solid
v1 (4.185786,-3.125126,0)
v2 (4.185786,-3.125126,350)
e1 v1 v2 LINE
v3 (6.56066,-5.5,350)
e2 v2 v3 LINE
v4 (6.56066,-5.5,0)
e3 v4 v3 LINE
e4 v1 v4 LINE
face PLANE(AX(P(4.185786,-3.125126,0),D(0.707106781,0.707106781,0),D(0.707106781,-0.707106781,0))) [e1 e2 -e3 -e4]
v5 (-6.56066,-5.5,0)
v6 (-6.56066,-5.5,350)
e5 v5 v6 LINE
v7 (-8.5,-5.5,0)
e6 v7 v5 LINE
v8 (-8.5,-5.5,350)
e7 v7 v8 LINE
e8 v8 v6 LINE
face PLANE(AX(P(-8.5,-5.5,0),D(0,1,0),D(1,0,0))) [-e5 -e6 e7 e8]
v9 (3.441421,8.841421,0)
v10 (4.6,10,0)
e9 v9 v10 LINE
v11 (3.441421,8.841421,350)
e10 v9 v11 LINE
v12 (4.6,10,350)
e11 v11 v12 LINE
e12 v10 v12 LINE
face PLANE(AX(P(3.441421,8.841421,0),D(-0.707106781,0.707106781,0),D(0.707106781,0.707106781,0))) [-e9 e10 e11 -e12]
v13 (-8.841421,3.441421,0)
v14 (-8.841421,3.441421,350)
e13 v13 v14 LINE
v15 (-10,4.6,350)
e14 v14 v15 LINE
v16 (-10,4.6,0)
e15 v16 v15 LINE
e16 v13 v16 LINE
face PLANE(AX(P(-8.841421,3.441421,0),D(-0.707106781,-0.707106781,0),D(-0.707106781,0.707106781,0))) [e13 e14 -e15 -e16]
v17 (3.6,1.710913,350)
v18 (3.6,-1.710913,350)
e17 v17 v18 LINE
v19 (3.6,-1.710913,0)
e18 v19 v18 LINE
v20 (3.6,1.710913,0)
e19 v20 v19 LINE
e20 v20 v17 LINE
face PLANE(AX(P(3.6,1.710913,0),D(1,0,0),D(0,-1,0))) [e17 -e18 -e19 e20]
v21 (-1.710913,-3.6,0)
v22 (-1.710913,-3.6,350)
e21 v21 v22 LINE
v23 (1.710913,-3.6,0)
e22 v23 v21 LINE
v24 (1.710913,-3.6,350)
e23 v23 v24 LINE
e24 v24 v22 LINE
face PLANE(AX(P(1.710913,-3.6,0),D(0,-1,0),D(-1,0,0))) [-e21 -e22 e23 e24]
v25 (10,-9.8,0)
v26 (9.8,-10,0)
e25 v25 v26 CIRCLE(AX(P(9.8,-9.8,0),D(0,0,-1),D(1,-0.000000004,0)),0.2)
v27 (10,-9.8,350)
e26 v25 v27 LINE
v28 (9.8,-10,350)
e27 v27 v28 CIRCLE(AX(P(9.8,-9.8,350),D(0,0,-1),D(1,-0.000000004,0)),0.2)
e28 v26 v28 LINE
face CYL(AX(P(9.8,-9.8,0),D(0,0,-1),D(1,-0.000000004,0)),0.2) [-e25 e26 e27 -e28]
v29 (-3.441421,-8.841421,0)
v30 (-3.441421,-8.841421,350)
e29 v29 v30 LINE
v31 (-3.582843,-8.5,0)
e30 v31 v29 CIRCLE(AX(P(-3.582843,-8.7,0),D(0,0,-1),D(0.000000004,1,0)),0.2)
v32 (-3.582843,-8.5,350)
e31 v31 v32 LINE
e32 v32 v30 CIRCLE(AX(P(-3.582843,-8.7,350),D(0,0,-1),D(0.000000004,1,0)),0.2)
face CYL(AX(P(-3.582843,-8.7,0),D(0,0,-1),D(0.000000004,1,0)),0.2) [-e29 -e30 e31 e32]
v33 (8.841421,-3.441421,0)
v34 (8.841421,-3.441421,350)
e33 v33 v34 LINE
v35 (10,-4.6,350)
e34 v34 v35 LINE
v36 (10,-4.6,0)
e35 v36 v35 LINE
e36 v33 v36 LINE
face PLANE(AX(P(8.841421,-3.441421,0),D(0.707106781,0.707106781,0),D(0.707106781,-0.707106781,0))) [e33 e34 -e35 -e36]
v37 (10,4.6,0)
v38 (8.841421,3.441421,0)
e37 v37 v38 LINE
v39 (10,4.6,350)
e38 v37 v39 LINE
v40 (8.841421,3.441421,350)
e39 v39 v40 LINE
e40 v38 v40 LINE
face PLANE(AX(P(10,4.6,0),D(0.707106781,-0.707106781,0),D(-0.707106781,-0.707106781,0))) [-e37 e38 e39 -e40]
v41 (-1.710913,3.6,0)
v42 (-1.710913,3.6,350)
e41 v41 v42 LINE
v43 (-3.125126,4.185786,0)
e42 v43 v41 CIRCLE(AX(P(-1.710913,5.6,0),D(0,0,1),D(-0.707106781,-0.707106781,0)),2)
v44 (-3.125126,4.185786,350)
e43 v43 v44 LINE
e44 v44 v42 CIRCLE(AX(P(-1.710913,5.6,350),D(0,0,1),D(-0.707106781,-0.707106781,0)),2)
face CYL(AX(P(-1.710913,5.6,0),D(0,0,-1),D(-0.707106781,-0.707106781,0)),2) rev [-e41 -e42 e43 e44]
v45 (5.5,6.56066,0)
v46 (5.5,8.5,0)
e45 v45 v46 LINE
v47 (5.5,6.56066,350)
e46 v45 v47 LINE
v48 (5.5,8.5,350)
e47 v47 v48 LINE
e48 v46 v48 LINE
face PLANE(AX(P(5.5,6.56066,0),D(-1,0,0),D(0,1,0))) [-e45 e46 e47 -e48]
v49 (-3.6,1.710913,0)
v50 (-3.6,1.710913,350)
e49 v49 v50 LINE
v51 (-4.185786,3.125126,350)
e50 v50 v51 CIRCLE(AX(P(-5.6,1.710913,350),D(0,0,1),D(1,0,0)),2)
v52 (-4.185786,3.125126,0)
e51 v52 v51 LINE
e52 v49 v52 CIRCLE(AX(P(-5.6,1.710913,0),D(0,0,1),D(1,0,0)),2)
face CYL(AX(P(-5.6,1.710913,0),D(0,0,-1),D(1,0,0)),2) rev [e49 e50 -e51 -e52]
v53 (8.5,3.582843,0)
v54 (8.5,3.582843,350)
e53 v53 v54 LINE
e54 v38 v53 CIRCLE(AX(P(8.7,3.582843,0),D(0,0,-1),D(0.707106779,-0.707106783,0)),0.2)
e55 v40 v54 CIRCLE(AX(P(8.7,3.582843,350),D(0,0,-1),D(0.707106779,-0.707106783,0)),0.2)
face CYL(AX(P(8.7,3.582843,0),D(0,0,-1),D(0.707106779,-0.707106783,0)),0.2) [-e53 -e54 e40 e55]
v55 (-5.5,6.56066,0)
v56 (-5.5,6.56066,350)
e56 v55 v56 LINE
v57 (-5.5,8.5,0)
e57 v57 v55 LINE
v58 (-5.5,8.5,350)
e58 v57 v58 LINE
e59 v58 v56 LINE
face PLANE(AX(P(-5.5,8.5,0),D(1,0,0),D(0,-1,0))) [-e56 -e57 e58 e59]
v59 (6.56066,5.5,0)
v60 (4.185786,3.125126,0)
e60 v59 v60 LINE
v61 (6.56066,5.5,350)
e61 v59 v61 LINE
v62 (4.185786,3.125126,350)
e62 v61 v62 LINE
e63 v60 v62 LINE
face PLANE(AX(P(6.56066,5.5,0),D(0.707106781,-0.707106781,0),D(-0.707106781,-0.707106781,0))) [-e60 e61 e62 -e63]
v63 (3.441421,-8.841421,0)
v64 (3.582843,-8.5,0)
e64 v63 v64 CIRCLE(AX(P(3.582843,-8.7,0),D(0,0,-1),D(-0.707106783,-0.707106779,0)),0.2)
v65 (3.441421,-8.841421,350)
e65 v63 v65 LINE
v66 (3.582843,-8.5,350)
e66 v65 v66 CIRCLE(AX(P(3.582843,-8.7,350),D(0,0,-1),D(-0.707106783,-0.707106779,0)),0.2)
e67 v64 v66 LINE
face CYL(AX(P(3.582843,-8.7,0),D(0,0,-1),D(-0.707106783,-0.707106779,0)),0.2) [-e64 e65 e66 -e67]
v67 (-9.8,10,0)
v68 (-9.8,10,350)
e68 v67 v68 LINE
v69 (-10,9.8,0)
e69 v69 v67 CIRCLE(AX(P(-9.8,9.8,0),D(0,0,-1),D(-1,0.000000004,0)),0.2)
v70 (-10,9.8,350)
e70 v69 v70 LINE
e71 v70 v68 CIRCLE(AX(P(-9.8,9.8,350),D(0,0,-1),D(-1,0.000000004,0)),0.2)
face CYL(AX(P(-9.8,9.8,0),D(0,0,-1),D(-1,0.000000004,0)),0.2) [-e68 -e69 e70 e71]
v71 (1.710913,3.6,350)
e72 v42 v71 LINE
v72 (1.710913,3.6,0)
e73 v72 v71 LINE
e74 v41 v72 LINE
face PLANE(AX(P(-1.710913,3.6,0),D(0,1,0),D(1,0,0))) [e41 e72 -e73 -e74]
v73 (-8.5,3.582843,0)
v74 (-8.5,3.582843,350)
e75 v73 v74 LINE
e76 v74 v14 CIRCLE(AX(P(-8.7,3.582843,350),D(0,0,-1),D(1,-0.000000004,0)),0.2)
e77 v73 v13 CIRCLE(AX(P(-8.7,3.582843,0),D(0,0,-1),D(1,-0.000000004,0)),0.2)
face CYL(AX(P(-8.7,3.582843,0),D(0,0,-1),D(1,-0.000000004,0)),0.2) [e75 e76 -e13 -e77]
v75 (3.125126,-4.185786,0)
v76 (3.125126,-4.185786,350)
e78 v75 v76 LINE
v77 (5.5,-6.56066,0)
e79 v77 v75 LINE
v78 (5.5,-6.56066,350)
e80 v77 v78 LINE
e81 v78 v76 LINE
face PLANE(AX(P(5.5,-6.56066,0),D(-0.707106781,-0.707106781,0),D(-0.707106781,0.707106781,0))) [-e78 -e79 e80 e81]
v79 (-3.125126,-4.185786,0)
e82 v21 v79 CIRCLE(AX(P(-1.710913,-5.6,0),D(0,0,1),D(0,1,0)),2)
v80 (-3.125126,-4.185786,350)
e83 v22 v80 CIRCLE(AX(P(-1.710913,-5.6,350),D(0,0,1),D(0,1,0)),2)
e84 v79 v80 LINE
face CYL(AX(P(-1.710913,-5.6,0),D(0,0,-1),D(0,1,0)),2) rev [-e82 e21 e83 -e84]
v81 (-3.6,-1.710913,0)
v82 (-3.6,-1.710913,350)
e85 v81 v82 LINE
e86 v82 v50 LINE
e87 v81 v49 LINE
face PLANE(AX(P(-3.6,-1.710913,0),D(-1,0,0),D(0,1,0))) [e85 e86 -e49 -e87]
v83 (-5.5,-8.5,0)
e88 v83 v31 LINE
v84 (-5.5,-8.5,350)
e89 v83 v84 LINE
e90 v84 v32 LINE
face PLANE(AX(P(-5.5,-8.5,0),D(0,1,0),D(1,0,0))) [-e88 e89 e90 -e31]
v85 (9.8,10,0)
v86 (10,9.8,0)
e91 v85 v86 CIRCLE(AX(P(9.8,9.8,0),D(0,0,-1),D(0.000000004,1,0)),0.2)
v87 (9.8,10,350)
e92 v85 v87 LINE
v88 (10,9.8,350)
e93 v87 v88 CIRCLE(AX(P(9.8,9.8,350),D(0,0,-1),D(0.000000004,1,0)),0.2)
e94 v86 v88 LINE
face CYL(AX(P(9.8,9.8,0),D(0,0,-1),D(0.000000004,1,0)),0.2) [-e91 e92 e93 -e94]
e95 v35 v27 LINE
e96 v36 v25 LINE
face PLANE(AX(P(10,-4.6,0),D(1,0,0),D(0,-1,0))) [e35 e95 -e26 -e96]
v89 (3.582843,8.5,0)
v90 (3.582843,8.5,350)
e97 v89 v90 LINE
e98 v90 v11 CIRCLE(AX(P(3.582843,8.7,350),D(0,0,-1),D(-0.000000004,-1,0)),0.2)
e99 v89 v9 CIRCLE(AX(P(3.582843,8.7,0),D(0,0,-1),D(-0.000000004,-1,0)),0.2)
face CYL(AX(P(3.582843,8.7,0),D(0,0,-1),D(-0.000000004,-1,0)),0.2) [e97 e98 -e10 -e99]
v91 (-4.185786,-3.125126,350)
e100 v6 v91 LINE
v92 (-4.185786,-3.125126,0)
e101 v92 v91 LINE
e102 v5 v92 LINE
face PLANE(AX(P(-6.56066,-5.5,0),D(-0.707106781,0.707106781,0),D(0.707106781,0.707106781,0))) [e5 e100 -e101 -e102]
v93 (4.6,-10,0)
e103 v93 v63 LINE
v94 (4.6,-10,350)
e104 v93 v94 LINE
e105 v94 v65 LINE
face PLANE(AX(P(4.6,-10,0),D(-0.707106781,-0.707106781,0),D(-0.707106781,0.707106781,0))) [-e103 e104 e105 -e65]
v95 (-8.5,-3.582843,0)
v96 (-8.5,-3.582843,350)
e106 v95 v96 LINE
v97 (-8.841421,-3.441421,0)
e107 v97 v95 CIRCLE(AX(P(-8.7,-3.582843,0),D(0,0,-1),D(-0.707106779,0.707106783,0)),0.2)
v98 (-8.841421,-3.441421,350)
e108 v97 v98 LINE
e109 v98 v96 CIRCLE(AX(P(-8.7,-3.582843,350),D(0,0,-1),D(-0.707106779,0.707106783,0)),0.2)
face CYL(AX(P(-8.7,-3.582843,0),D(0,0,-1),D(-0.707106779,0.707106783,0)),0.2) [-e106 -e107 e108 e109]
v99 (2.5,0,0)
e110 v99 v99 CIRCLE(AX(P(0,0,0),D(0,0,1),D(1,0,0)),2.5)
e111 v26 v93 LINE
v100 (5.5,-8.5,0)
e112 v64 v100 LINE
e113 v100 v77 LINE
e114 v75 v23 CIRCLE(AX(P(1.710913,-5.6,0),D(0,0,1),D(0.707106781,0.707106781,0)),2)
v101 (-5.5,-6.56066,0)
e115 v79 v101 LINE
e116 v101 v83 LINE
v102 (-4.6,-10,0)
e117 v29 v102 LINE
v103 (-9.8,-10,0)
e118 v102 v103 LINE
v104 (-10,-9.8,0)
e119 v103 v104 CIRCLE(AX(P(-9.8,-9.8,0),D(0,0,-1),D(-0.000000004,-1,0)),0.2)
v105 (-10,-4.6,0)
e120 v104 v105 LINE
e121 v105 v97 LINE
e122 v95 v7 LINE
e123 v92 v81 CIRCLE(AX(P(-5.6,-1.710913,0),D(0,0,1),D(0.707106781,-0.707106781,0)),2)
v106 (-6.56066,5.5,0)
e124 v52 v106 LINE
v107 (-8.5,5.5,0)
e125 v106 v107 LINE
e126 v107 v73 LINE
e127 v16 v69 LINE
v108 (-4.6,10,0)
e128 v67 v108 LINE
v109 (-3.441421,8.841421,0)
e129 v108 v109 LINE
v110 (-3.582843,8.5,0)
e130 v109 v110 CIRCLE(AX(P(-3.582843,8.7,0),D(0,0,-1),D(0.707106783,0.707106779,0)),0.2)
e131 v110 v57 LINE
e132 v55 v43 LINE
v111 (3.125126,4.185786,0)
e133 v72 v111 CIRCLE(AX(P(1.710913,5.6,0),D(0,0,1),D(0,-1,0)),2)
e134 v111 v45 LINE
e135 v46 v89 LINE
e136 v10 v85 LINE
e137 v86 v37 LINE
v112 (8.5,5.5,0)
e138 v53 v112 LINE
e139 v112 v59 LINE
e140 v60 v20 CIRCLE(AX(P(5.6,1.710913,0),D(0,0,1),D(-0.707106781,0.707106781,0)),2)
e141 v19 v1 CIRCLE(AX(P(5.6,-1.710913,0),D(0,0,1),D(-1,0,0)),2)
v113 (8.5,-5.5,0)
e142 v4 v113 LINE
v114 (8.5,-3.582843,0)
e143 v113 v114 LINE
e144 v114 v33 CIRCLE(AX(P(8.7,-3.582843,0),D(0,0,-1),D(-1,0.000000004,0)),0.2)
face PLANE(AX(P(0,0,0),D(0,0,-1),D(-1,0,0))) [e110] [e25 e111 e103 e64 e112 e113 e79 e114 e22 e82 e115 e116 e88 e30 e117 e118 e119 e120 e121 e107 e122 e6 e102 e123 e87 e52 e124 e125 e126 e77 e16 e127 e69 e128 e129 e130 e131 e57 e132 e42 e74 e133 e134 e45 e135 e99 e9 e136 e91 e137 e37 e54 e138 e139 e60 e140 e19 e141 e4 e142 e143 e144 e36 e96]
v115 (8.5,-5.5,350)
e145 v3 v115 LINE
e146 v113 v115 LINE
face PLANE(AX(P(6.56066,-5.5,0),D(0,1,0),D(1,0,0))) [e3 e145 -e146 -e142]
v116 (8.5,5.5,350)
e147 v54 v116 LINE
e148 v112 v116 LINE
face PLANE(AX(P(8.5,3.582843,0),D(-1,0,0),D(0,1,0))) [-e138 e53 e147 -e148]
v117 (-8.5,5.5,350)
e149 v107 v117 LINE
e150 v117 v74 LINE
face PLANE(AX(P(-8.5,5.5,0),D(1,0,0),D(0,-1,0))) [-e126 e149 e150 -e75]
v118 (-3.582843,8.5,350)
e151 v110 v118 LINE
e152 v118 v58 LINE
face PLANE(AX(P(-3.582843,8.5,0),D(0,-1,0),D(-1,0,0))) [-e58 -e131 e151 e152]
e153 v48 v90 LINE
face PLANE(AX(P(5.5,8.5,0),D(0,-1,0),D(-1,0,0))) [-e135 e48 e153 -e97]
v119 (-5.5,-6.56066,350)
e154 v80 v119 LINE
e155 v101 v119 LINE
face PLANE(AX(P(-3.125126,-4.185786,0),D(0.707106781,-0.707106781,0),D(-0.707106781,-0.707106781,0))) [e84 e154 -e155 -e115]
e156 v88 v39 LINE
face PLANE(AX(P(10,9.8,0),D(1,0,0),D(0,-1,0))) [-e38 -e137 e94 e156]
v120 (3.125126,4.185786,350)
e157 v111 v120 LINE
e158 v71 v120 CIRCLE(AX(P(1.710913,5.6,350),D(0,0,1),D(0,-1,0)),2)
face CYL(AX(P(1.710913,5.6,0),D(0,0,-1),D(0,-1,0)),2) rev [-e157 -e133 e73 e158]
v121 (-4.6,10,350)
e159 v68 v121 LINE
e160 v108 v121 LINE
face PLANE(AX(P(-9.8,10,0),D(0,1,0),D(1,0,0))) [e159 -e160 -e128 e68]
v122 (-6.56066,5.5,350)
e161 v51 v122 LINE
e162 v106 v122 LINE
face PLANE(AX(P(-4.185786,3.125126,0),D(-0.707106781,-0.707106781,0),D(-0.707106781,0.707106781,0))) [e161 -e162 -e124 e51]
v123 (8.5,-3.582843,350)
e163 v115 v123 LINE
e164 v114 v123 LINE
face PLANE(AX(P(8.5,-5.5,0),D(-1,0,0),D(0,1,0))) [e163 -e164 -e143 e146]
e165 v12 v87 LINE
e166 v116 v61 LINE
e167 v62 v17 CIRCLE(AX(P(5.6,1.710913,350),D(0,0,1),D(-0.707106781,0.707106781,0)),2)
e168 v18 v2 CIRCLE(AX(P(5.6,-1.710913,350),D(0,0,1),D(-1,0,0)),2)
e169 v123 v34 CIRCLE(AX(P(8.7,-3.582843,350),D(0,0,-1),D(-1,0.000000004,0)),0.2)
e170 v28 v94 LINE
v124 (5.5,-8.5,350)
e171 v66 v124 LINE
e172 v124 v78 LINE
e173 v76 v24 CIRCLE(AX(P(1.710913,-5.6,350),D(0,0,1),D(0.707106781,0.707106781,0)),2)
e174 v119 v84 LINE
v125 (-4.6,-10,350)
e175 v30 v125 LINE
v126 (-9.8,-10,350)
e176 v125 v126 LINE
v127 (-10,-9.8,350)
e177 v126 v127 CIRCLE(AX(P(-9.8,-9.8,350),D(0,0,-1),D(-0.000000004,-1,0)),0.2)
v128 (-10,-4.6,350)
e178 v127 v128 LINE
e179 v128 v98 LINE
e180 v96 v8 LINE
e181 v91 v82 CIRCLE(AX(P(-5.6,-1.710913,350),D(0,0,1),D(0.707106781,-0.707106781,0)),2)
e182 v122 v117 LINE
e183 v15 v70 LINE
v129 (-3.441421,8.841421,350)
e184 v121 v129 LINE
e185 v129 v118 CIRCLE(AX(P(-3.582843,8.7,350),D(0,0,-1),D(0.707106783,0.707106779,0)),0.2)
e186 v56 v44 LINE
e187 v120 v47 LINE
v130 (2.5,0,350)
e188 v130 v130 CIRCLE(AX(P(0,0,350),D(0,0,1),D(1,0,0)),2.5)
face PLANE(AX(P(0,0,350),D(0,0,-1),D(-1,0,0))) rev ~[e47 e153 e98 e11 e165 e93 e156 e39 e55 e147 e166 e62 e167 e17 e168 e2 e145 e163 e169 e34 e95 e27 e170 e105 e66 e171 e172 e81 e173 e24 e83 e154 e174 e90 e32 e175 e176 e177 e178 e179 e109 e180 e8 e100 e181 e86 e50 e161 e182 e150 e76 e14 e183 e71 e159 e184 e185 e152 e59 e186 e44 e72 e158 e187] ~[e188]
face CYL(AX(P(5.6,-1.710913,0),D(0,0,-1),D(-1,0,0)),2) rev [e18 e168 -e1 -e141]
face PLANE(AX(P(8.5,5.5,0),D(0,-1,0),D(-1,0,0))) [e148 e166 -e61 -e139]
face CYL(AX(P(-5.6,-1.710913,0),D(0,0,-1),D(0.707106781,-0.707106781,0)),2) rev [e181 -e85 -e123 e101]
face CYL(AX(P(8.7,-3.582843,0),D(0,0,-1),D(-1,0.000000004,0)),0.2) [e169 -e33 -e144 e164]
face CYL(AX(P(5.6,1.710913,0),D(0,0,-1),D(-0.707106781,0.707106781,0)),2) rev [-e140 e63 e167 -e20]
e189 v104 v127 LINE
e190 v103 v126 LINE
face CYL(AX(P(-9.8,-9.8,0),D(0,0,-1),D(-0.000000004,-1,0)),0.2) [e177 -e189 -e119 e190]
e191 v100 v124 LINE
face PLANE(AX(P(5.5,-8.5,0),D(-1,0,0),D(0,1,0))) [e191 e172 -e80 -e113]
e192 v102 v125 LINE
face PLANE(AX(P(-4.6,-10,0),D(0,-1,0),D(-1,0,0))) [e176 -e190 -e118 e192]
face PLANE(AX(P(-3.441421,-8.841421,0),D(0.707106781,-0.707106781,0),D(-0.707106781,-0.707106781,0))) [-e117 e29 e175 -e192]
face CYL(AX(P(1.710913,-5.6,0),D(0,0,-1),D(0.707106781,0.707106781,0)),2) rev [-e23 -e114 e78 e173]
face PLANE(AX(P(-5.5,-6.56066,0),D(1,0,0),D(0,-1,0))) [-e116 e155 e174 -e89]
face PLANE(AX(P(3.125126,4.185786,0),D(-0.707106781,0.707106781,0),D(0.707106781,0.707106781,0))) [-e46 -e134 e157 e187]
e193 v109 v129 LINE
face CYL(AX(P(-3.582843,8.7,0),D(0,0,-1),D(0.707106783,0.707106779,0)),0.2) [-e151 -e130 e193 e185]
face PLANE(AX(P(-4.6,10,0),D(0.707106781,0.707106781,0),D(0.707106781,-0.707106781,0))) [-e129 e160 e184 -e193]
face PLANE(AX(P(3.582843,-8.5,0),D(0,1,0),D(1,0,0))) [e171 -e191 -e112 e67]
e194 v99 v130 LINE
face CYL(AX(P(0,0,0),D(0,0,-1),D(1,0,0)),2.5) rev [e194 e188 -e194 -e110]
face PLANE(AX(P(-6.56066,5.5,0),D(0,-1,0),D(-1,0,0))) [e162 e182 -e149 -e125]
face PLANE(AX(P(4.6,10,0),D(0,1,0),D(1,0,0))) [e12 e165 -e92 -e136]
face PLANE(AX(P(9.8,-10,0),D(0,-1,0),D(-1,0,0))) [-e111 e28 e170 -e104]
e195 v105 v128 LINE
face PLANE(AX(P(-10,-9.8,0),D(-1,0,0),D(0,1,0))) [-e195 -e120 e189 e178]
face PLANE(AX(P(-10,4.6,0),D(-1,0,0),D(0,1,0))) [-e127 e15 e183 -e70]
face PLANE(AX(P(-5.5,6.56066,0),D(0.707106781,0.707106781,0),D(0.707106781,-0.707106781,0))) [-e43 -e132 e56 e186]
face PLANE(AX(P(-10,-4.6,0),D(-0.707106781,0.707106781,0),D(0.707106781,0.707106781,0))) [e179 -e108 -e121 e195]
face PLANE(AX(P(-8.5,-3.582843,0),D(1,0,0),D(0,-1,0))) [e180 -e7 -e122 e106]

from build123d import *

# Parameters (mm, degrees)
ESBO_O1_R                = 2.5
RESSALTO_EXTRUS_O1_DEPTH = 350


with BuildPart() as part:
    # Esboço1 → Ressalto-extrusão1 (new body)
    with BuildSketch(Plane.XY):
        with BuildLine():
            Line((-4.6, -10), (-9.8, -10))
            ThreePointArc((-9.8, -10), (-9.941421356, -9.941421356), (-10, -9.8))
            Line((-10, -9.8), (-10, -4.6))
            Line((-10, -4.6), (-8.841421356, -3.441421356))
            ThreePointArc((-8.841421356, -3.441421356), (-8.623463314, -3.398066806), (-8.5, -3.582842712))
            Line((-8.5, -3.582842712), (-8.5, -5.5))
            Line((-8.5, -5.5), (-6.560660172, -5.5))
            Line((-6.560660172, -5.5), (-4.185786438, -3.125126266))
            ThreePointArc((-4.185786438, -3.125126266), (-3.752240935, -2.476279568), (-3.6, -1.710912703))
            Line((-3.6, -1.710912703), (-3.6, 1.710912703))
            ThreePointArc((-3.6, 1.710912703), (-3.752240935, 2.476279568), (-4.185786438, 3.125126266))
            Line((-4.185786438, 3.125126266), (-6.560660172, 5.5))
            Line((-6.560660172, 5.5), (-8.5, 5.5))
            Line((-8.5, 5.5), (-8.5, 3.582842712))
            ThreePointArc((-8.5, 3.582842712), (-8.623463314, 3.398066806), (-8.841421356, 3.441421356))
            Line((-8.841421356, 3.441421356), (-10, 4.6))
            Line((-10, 4.6), (-10, 9.8))
            ThreePointArc((-10, 9.8), (-9.941421356, 9.941421356), (-9.8, 10))
            Line((-9.8, 10), (-4.6, 10))
            Line((-4.6, 10), (-3.441421356, 8.841421356))
            ThreePointArc((-3.441421356, 8.841421356), (-3.398066806, 8.623463314), (-3.582842712, 8.5))
            Line((-3.582842712, 8.5), (-5.5, 8.5))
            Line((-5.5, 8.5), (-5.5, 6.560660172))
            Line((-5.5, 6.560660172), (-3.125126266, 4.185786438))
            ThreePointArc((-3.125126266, 4.185786438), (-2.476279568, 3.752240935), (-1.710912703, 3.6))
            Line((-1.710912703, 3.6), (1.710912703, 3.6))
            ThreePointArc((1.710912703, 3.6), (2.476279568, 3.752240935), (3.125126266, 4.185786438))
            Line((3.125126266, 4.185786438), (5.5, 6.560660172))
            Line((5.5, 6.560660172), (5.5, 8.5))
            Line((5.5, 8.5), (3.582842712, 8.5))
            ThreePointArc((3.582842712, 8.5), (3.398066806, 8.623463314), (3.441421356, 8.841421356))
            Line((3.441421356, 8.841421356), (4.6, 10))
            Line((4.6, 10), (9.8, 10))
            ThreePointArc((9.8, 10), (9.941421356, 9.941421356), (10, 9.8))
            Line((10, 9.8), (10, 4.6))
            Line((10, 4.6), (8.841421356, 3.441421356))
            ThreePointArc((8.841421356, 3.441421356), (8.623463314, 3.398066806), (8.5, 3.582842712))
            Line((8.5, 3.582842712), (8.5, 5.5))
            Line((8.5, 5.5), (6.560660172, 5.5))
            Line((6.560660172, 5.5), (4.185786438, 3.125126266))
            ThreePointArc((4.185786438, 3.125126266), (3.752240935, 2.476279568), (3.6, 1.710912703))
            Line((3.6, 1.710912703), (3.6, -1.710912703))
            ThreePointArc((3.6, -1.710912703), (3.752240935, -2.476279568), (4.185786438, -3.125126266))
            Line((4.185786438, -3.125126266), (6.560660172, -5.5))
            Line((6.560660172, -5.5), (8.5, -5.5))
            Line((8.5, -5.5), (8.5, -3.582842712))
            ThreePointArc((8.5, -3.582842712), (8.623463314, -3.398066806), (8.841421356, -3.441421356))
            Line((8.841421356, -3.441421356), (10, -4.6))
            Line((10, -4.6), (10, -9.8))
            ThreePointArc((10, -9.8), (9.941421356, -9.941421356), (9.8, -10))
            Line((9.8, -10), (4.6, -10))
            Line((4.6, -10), (3.441421356, -8.841421356))
            ThreePointArc((3.441421356, -8.841421356), (3.398066806, -8.623463314), (3.582842712, -8.5))
            Line((3.582842712, -8.5), (5.5, -8.5))
            Line((5.5, -8.5), (5.5, -6.560660172))
            Line((5.5, -6.560660172), (3.125126266, -4.185786438))
            ThreePointArc((3.125126266, -4.185786438), (2.476279568, -3.752240935), (1.710912703, -3.6))
            Line((1.710912703, -3.6), (-1.710912703, -3.6))
            ThreePointArc((-1.710912703, -3.6), (-2.476279568, -3.752240935), (-3.125126266, -4.185786438))
            Line((-3.125126266, -4.185786438), (-5.5, -6.560660172))
            Line((-5.5, -6.560660172), (-5.5, -8.5))
            Line((-5.5, -8.5), (-3.582842712, -8.5))
            ThreePointArc((-3.582842712, -8.5), (-3.398066806, -8.623463314), (-3.441421356, -8.841421356))
            Line((-3.441421356, -8.841421356), (-4.6, -10))
        make_face()
        Circle(ESBO_O1_R, mode=Mode.SUBTRACT)
    extrude(amount=RESSALTO_EXTRUS_O1_DEPTH)


solid = part.part
